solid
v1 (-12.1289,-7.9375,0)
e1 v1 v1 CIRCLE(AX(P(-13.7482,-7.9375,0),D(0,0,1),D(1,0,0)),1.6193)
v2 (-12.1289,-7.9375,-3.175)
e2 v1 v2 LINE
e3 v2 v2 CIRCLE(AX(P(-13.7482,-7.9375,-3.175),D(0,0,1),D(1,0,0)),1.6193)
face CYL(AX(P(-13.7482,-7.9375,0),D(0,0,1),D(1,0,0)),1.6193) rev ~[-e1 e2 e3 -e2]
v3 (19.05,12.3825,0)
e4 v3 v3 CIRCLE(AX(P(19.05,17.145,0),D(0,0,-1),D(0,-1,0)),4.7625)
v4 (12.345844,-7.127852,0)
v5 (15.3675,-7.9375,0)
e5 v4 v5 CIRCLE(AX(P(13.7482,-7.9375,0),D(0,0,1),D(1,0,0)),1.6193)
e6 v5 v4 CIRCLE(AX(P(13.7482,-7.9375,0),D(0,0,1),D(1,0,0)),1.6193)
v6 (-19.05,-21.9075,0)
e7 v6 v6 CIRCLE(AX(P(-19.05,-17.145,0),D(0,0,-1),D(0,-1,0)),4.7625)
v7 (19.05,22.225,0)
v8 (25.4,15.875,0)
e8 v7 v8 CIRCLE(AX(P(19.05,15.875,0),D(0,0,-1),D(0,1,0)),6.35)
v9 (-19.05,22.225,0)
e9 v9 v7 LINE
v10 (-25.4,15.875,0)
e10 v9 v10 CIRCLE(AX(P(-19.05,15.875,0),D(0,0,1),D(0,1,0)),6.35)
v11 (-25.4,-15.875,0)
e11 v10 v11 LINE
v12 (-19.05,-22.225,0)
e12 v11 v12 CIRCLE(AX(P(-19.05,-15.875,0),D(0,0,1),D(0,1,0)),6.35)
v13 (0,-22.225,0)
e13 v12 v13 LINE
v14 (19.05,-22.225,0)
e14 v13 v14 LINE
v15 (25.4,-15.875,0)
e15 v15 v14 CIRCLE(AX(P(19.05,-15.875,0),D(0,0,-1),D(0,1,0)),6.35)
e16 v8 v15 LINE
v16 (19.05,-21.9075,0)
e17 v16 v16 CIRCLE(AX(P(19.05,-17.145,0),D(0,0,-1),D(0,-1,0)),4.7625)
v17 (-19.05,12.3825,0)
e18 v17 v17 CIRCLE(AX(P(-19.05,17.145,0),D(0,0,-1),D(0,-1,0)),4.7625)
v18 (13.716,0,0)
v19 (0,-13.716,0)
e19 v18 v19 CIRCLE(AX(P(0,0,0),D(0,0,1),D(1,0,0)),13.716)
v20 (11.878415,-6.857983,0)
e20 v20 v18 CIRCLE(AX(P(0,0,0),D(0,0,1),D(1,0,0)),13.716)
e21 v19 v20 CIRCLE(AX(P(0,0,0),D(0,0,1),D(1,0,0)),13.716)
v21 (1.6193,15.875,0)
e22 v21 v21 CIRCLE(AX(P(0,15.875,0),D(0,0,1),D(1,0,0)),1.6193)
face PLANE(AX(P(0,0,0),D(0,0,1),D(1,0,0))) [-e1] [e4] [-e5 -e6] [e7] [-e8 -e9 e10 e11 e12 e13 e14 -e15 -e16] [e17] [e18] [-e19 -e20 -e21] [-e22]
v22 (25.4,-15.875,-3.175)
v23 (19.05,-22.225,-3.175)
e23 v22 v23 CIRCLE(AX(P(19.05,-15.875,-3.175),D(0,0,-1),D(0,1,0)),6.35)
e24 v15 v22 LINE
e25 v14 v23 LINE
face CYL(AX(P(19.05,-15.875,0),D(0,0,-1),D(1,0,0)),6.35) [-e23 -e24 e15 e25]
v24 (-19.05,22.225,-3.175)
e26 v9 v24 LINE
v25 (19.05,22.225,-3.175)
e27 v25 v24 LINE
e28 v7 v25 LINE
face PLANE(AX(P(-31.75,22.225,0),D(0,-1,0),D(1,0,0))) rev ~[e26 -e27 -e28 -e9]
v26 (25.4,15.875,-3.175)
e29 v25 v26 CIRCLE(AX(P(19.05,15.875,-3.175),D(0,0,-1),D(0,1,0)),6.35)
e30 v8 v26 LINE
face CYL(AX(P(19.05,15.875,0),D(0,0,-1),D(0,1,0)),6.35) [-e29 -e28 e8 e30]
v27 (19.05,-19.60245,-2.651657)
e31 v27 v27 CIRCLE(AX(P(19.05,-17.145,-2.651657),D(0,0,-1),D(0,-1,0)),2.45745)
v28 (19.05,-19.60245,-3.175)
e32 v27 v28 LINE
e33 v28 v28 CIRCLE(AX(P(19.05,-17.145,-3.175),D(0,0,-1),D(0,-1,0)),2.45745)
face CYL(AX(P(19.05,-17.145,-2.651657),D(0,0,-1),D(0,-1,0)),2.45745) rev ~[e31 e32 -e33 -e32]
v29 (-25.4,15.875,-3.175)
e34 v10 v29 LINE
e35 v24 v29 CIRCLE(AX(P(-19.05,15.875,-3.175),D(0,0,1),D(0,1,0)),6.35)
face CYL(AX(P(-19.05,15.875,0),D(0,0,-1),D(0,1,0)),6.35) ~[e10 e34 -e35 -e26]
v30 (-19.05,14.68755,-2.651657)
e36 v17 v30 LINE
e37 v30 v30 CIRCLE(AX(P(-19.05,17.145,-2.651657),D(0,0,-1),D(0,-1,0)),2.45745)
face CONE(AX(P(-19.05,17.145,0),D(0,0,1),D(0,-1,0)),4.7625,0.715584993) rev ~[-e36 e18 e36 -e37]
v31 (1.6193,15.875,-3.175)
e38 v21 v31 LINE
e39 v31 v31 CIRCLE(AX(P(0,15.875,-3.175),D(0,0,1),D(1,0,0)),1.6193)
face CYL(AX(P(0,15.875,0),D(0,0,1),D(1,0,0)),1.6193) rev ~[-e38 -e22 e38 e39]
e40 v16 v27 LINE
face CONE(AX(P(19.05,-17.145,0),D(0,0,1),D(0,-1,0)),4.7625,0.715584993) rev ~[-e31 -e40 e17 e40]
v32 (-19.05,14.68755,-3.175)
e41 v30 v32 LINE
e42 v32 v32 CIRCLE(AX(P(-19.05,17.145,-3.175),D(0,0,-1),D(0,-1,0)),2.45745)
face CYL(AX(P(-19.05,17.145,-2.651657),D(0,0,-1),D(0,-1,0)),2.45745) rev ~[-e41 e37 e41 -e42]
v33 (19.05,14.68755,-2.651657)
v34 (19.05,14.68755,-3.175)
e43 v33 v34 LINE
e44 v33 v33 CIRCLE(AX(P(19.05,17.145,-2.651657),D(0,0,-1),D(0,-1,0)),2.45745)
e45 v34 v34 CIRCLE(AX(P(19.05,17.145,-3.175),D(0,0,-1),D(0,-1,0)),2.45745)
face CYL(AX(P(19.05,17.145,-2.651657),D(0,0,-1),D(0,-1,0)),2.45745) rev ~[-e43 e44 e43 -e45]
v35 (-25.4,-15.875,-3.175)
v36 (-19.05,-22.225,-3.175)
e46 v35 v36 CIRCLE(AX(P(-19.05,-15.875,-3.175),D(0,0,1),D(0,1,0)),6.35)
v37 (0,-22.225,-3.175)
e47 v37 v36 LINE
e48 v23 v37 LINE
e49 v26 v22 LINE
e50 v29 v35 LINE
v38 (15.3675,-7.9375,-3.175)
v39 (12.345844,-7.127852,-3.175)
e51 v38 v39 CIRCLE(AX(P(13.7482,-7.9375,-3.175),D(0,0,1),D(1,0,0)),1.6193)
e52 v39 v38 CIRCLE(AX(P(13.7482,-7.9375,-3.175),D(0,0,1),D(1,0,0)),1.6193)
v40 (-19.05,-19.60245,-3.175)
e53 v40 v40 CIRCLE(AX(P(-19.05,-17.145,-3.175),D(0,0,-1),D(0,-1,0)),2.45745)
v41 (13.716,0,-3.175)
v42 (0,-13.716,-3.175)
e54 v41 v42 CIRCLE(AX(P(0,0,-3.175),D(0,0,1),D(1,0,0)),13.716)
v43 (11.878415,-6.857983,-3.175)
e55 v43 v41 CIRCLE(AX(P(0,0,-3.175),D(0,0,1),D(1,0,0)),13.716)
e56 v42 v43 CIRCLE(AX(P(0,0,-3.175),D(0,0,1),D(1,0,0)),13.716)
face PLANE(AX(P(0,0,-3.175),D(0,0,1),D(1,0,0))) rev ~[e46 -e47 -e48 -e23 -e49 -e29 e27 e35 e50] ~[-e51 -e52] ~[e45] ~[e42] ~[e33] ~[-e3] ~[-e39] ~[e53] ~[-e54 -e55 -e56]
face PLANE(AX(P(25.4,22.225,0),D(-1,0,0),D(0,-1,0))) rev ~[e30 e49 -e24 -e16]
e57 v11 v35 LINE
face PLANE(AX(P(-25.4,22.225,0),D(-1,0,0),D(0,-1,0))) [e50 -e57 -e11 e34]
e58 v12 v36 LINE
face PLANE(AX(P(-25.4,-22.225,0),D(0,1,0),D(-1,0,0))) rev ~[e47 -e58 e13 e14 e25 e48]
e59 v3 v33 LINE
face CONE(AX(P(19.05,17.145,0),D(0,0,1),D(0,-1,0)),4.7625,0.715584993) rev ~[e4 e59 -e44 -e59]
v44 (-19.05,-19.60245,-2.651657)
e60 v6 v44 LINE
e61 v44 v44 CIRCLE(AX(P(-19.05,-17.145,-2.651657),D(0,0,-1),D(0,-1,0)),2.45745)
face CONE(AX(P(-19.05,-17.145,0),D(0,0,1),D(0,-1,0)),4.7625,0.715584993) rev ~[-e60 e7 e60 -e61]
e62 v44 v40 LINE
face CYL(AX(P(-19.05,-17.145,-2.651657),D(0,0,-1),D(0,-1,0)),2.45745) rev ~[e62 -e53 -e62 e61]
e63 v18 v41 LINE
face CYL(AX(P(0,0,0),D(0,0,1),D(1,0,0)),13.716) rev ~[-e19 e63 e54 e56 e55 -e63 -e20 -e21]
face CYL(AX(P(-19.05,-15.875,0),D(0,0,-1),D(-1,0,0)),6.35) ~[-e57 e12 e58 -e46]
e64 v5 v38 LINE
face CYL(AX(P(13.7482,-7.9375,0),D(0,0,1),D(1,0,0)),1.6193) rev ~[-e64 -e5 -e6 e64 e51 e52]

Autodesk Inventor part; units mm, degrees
ref_plane "YZ Plane" through (0, 0, 0) normal (1, 0, 0) x (0, 1, 0)
ref_plane "XZ Plane" through (0, 0, 0) normal (0, 1, 0) x (-1, 0, 0)
ref_plane "XY Plane" through (0, 0, 0) normal (0, 0, 1) x (1, 0, 0)
sketch "Sketch1" plane through (0, 0, 0) normal (0, 0, 1) x (1, 0, 0)
  line L0 (-31.75, 22.225) -> (31.75, 22.225)
  line L1 (31.75, 22.225) -> (31.75, -22.225)
  line L2 (31.75, -22.225) -> (-31.75, -22.225)
  line L3 (-31.75, -22.225) -> (-31.75, 22.225)
  circle A0 centre (0, 0) radius 13.716
  circle A1 centre (0, 0) radius 13.6017
  circle A2 centre (13.7482, -7.9375) radius 1.6193
  circle A3 centre (0, 0) radius 15.875 construction
  circle A4 centre (0, 15.875) radius 1.6193
  circle A5 centre (-13.7482, -7.9375) radius 1.6193
  circle A6 centre (0, 0) radius 21.59 construction
  line L4 (0, 0) -> (13.7482, -7.9375)
  line L5 (0, 0) -> (0, -22.225)
  line L6 (0, 0) -> (0, -22.225)
  line L7 (-31.75, 22.225) -> (-25.4, 22.225)
  line L8 (-25.4, 22.225) -> (-25.4, -22.225)
  line L9 (-25.4, -22.225) -> (-31.75, -22.225)
  line L10 (-31.75, -22.225) -> (-31.75, 22.225)
  line L11 (31.75, 22.225) -> (25.4, 22.225)
  line L12 (25.4, 22.225) -> (25.4, -22.225)
  line L13 (25.4, -22.225) -> (31.75, -22.225)
  line L14 (31.75, -22.225) -> (31.75, 22.225)
  point P0 (-19.05, 17.145)
  point P1 (-19.05, -17.145)
  point P2 (19.05, -17.145)
  point P3 (19.05, 17.145)
  dimension "d0" = 44.45
  dimension "d1" = 63.5
  dimension "d2" = 31.75
  dimension "d3" = 22.225
  dimension "d4" = 27.432
  dimension "d7" = 3.2385
  dimension "d9" = 15.875
  dimension "d15" = 360
  dimension "d17" = 43.18
  dimension "d18" = 5.08
  dimension "d19" = 5.08
  dimension "d20" = 19.05
  dimension "d21" = 19.05
  dimension "d31" = 34.29
  dimension "d32" = 38.1
  dimension "d35" = 60
  dimension "d36" = 6.35
  dimension "d37" = 6.35
extrude "Extrusion1" add sketch "Sketch1" against normal blind 3.175
hole "Hole1" at (-19.05, 17.145, 0) at (-19.05, -17.145, 0) at (19.05, -17.145, 0) at (19.05, 17.145, 0) direction (0, 0, -1) diameter 4.9149 end through all countersink diameter 9.525 countersink angle 82
extrude "Extrusion2" cut sketch "Sketch1" against normal through all contours L0 L8 L2 L3 | L0 L1 L2 L12
fillet "Fillet1" radius 6.35 4 edges at (25.4, 22.225, -1.5875) (25.4, -22.225, -1.5875) (-25.4, -22.225, -1.5875) (-25.4, 22.225, -1.5875)
equation "\"d2\" = 0.5 * d1"
equation "\"d3\" = 0.5 * d0"
properties part number "Dewalt Drill Cap Rotation plate"
